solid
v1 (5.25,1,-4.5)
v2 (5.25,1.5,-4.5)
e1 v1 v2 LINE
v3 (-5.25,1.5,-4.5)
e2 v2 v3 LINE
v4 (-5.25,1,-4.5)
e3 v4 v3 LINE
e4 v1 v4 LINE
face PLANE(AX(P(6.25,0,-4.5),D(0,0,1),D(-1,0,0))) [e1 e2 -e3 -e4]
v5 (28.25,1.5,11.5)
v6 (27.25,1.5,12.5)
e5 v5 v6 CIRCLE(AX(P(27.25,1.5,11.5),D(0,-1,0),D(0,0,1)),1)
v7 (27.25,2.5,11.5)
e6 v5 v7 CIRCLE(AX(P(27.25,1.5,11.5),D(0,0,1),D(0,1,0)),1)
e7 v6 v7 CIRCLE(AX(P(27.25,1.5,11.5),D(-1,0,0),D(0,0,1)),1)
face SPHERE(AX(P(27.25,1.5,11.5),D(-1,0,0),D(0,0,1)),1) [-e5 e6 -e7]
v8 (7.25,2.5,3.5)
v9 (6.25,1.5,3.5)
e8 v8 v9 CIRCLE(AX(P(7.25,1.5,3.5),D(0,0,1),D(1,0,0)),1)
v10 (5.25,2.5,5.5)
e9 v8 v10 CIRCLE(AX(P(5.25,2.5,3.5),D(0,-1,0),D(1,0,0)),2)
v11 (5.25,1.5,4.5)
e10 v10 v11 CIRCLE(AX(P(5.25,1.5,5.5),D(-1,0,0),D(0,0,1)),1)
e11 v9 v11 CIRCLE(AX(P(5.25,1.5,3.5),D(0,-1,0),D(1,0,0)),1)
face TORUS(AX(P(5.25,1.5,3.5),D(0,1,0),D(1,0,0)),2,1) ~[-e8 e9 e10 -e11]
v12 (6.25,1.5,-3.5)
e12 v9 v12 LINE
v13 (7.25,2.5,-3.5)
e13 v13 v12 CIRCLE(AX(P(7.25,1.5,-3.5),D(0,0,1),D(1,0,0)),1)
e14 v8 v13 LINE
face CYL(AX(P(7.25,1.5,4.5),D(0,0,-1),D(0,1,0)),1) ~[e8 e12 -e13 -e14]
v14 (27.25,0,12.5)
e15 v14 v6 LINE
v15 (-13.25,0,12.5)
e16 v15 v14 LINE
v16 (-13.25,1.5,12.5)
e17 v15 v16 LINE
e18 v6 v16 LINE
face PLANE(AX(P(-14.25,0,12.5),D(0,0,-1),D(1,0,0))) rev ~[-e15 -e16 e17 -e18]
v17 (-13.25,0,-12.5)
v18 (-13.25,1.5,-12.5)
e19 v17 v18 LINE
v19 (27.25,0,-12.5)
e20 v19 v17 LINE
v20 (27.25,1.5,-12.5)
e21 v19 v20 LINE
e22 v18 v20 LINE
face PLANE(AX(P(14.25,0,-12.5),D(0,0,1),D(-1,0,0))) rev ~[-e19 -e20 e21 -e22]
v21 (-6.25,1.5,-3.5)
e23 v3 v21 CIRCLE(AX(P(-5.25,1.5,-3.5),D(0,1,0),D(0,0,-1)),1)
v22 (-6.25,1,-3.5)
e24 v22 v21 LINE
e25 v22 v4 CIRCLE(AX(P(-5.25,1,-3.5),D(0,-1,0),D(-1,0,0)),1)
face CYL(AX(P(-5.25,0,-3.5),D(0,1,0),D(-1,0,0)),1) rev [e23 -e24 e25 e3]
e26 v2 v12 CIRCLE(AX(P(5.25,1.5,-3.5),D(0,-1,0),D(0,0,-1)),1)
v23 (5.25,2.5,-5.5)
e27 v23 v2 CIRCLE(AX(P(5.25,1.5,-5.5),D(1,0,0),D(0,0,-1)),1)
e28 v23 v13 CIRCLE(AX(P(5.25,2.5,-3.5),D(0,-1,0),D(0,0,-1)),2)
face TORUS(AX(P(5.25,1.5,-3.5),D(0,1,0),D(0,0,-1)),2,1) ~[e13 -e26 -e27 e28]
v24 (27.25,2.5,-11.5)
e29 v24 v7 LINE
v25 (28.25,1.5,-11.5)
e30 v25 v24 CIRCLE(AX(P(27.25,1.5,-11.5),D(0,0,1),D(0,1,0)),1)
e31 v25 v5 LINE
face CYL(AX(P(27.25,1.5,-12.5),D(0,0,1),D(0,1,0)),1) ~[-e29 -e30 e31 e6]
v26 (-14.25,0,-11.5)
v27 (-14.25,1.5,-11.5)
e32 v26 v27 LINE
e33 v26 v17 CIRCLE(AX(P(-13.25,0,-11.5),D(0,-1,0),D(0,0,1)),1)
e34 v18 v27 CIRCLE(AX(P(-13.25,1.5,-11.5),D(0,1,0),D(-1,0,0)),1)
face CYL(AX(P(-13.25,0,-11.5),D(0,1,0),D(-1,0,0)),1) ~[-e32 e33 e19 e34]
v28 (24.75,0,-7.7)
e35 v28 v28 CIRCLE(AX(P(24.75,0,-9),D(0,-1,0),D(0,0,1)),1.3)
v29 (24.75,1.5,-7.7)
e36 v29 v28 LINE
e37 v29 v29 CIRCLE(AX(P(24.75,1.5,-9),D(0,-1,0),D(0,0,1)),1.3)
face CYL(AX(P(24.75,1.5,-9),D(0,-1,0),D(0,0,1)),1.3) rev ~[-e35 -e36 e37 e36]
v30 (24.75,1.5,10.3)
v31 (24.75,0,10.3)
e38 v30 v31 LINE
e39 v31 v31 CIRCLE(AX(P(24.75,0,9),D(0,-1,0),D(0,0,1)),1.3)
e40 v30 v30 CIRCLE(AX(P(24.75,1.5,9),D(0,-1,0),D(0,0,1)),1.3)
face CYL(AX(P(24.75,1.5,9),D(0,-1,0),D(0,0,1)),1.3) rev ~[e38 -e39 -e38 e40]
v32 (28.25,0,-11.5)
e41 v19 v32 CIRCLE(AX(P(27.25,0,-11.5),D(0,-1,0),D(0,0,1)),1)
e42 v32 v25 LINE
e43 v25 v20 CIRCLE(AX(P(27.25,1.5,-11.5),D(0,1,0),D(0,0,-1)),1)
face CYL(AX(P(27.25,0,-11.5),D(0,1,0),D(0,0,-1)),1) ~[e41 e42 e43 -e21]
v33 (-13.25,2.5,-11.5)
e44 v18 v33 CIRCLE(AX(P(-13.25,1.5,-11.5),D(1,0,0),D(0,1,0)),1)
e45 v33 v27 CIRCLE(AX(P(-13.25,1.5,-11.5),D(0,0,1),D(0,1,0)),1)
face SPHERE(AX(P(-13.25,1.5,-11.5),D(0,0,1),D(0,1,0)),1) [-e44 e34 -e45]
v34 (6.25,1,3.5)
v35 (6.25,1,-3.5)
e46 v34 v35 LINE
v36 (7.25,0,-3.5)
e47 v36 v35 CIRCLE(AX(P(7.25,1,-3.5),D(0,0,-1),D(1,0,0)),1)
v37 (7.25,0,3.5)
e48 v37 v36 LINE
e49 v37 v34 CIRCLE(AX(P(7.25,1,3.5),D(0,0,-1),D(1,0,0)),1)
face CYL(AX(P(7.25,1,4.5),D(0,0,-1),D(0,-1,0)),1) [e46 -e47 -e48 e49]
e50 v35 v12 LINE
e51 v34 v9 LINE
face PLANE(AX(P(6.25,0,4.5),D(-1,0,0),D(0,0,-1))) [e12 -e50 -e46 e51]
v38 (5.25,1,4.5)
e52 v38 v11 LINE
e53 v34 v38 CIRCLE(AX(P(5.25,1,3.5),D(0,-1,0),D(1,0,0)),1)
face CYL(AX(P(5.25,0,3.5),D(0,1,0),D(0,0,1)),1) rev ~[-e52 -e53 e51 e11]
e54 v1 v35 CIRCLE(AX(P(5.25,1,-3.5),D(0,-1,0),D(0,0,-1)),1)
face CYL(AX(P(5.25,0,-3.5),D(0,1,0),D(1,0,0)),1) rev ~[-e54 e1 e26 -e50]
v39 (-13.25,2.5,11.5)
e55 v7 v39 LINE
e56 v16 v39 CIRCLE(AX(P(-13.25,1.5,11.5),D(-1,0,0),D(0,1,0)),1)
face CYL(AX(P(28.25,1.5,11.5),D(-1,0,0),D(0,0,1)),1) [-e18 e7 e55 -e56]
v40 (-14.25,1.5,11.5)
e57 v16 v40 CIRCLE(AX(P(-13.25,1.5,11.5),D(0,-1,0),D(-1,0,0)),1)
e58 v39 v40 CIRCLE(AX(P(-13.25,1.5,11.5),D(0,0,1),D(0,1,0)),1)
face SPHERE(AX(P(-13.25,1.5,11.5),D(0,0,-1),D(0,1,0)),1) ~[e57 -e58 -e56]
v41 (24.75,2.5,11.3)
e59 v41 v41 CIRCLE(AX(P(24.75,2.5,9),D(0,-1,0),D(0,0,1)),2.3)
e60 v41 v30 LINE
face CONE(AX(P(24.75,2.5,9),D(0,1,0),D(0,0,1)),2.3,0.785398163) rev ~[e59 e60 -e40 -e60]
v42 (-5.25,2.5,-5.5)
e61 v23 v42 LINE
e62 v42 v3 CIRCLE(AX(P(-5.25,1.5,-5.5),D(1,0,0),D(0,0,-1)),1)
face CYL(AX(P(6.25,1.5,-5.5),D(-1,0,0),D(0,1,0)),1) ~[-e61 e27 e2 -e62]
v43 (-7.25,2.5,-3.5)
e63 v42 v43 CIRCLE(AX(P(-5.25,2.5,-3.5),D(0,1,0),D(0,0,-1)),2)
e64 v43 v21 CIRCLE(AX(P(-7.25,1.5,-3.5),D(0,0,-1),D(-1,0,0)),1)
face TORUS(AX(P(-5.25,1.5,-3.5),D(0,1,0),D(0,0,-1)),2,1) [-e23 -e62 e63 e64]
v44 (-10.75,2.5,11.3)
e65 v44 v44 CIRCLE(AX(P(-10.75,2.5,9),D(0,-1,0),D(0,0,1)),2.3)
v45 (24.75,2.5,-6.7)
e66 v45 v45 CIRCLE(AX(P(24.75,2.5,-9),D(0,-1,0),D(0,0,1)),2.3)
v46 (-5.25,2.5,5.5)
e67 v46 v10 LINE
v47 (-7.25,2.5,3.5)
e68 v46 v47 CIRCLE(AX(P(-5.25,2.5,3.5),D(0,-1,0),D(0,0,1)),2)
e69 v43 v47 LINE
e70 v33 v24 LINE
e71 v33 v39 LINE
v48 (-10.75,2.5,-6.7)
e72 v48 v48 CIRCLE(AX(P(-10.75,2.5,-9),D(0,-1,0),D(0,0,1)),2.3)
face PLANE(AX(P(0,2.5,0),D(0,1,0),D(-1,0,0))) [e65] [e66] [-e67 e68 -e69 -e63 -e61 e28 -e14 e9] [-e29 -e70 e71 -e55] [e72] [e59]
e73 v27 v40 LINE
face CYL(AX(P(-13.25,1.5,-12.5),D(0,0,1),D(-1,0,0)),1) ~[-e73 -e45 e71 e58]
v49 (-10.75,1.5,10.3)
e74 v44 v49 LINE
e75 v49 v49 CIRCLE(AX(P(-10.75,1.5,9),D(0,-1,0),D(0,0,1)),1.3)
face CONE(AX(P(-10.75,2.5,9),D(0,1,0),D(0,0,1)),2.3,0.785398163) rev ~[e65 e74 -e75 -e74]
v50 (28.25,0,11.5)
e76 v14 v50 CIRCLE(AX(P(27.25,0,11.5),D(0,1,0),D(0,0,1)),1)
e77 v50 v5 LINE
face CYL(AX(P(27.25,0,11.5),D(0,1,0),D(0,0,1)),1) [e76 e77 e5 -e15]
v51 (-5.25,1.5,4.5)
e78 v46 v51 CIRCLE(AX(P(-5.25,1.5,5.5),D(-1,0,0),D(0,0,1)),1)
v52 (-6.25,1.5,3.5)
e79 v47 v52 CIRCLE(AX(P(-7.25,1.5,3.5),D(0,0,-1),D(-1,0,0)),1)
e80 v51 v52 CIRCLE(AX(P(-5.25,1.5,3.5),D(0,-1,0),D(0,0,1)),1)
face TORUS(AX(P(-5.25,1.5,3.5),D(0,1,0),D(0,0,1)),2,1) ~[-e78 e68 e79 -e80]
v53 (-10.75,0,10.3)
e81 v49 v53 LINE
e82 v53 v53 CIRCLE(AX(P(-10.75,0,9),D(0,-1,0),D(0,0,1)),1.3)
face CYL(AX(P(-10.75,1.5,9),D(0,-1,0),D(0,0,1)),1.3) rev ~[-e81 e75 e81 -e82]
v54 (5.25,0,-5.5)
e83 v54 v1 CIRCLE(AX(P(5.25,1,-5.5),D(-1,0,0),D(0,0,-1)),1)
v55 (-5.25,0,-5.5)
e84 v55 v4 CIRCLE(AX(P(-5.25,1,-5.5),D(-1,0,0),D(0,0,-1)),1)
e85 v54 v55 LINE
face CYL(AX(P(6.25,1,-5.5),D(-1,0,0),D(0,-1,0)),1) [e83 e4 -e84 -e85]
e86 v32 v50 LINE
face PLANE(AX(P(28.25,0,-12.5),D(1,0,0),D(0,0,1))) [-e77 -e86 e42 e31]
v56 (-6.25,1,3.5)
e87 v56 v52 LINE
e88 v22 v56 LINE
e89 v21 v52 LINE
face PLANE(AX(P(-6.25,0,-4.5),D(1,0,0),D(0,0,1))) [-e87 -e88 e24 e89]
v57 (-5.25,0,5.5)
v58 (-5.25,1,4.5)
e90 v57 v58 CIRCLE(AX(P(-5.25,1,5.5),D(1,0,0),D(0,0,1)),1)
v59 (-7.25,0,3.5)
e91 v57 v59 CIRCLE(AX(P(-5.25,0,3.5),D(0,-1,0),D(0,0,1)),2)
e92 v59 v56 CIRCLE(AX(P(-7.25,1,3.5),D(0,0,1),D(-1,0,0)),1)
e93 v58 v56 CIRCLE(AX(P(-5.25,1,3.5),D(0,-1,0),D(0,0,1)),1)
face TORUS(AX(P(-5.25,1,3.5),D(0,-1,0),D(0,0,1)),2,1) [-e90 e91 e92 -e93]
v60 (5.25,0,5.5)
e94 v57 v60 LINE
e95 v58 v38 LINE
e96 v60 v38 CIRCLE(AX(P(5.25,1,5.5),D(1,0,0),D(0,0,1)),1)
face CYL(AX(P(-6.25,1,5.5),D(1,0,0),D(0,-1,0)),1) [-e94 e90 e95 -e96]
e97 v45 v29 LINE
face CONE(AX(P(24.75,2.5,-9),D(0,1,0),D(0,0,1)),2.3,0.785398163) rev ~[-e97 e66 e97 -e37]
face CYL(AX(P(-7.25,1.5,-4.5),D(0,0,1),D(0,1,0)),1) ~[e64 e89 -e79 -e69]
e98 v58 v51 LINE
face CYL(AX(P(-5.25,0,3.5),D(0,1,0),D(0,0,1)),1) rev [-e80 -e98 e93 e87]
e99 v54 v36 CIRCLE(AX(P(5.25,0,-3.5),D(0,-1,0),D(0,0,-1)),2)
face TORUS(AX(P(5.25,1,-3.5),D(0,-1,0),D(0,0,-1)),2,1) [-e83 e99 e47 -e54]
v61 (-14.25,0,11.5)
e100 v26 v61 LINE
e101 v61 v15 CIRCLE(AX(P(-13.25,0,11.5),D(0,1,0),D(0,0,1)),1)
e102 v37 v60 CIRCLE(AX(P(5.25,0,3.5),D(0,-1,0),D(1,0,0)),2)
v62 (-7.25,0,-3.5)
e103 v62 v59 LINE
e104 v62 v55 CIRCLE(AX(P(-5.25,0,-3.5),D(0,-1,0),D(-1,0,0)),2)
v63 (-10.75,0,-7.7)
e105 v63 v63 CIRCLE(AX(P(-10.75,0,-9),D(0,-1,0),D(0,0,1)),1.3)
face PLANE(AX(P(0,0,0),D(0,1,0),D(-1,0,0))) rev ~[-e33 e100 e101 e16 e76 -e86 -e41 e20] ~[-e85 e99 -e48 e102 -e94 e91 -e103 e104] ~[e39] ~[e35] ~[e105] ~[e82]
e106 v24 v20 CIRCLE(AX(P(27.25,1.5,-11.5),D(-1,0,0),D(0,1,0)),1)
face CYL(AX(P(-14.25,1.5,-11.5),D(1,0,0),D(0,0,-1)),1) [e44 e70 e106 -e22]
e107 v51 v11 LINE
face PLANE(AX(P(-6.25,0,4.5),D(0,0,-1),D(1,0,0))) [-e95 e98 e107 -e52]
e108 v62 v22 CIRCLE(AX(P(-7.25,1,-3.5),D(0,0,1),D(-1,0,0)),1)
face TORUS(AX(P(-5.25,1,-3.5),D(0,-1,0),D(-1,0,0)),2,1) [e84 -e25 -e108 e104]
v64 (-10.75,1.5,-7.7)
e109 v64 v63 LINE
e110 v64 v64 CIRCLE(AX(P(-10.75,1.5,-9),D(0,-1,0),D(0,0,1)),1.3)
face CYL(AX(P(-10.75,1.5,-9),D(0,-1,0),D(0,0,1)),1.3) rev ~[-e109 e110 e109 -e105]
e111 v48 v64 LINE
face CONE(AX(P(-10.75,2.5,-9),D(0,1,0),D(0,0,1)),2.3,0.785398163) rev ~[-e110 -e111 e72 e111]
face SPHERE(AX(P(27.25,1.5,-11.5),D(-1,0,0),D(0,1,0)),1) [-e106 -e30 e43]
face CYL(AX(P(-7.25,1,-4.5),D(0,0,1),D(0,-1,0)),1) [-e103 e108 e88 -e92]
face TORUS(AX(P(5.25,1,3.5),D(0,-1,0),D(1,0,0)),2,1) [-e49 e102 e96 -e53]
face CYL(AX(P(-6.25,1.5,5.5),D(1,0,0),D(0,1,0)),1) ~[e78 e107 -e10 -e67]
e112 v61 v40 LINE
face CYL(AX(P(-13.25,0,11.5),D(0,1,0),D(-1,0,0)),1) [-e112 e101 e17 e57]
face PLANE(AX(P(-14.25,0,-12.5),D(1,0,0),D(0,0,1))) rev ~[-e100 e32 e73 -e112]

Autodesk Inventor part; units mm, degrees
ref_plane "YZ Plane" through (0, 0, 0) normal (1, 0, 0) x (0, 1, 0)
ref_plane "XZ Plane" through (0, 0, 0) normal (0, 1, 0) x (-1, 0, 0)
ref_plane "XY Plane" through (0, 0, 0) normal (0, 0, 1) x (1, 0, 0)
sketch "Эскиз1" plane through (0, 0, 0) normal (0, 1, 0) x (-1, 0, 0)
  line L0 (-7.75, 6) -> (7.75, 6) construction
  line L1 (7.75, 6) -> (7.75, -6) construction
  line L2 (7.75, -6) -> (-7.75, -6) construction
  line L3 (-7.75, -6) -> (-7.75, 6) construction
  line L4 (-7.75, 6) -> (7.75, -6) construction
  line L5 (7.75, 6) -> (-7.75, -6) construction
  line L6 (14.25, 12.5) -> (-14.25, 12.5)
  line L7 (-14.25, 12.5) -> (-14.25, -12.5) construction
  line L8 (-14.25, -12.5) -> (14.25, -12.5)
  line L9 (14.25, -12.5) -> (14.25, 12.5)
  line L10 (8.75, 7) -> (-8.75, 7) construction
  line L11 (-8.75, 7) -> (-8.75, -7) construction
  line L12 (-8.75, -7) -> (8.75, -7) construction
  line L13 (8.75, -7) -> (8.75, 7) construction
  line L14 (6.25, 4.5) -> (-6.25, 4.5)
  line L15 (-6.25, 4.5) -> (-6.25, -4.5)
  line L16 (-6.25, -4.5) -> (6.25, -4.5)
  line L17 (6.25, -4.5) -> (6.25, 4.5)
  line L18 (-14.25, -12.5) -> (-28.25, -12.5)
  line L19 (-28.25, -12.5) -> (-28.25, 12.5)
  line L20 (-28.25, 12.5) -> (-14.25, 12.5)
  line L21 (-14.25, 12.5) -> (-14.25, -12.5) construction
  point P0 (0, 0)
  point P1 (-14.25, 12.5)
  dimension "d2" = 15.5
  dimension "d3" = 12
  dimension "d20" = 25
  dimension "d21" = 14
  dimension "d22" = 1.5
  dimension "d42" = 42.5
extrude "Выдавливание1" add sketch "Эскиз1" along normal blind 2.5
sketch "Эскиз2" plane through (0, 2.5, 0) normal (0, 1, 0) x (1, 0, 0)
  line L0 (8.75, 7) -> (-8.75, 7) construction
  line L1 (-8.75, 7) -> (-8.75, -7) construction
  line L2 (-8.75, -7) -> (8.75, -7) construction
  line L3 (8.75, -7) -> (8.75, 7) construction
  line L4 (8.75, 7) -> (-8.75, -7) construction
  line L5 (-8.75, 7) -> (8.75, -7) construction
  line L6 (-14.25, -12.5) -> (28.25, -12.5) construction
  line L7 (6.25, -4.5) -> (-6.25, -4.5) construction
  line L8 (-14.25, -12.5) -> (-6.25, -4.5) construction
  circle A0 centre (-10.75, -9) radius 1.35 construction
  point P0 (0, 0)
  point P1 (-10.75, 9)
  point P2 (24.75, -9)
  point P3 (24.75, 9)
  dimension "d23" = 14
  dimension "d24" = 17.5
  dimension "d25" = 2.7
  dimension "d27" = 2
  dimension "d30" = 18
  dimension "d33" = 35.5
hole "Отверстие1" at (-10.75, 2.5, -9) at (24.75, 2.5, -9) at (24.75, 2.5, 9) at (-10.75, 2.5, 9) direction (0, -1, 0) diameter 2.6 end through all countersink diameter 4.6 countersink angle 90 clearance for "с потайной головкой ГОСТ 12876-67" size "M2" standard "ГОСТ"
fillet "Сопряжение5" radius 1 20 edges at (-14.25, 2.5, 0) (7, 2.5, -12.5) (-14.25, 1.25, -12.5) (7, 2.5, 12.5) (-14.25, 1.25, 12.5) (-6.25, 2.5, 0) (-6.25, 1.25, -4.5) (0, 2.5, -4.5) (-6.25, 0, 0) (0, 0, -4.5) (6.25, 1.25, 4.5) (6.25, 2.5, 0) (6.25, 0, 0) (6.25, 1.25, -4.5) (-6.25, 1.25, 4.5) (0, 2.5, 4.5) (0, 0, 4.5) (28.25, 1.25, 12.5) (28.25, 2.5, 0) (28.25, 1.25, -12.5)
equation "\"d30\" = d23 + 2 * d27"
properties part number "крышка корпус"
